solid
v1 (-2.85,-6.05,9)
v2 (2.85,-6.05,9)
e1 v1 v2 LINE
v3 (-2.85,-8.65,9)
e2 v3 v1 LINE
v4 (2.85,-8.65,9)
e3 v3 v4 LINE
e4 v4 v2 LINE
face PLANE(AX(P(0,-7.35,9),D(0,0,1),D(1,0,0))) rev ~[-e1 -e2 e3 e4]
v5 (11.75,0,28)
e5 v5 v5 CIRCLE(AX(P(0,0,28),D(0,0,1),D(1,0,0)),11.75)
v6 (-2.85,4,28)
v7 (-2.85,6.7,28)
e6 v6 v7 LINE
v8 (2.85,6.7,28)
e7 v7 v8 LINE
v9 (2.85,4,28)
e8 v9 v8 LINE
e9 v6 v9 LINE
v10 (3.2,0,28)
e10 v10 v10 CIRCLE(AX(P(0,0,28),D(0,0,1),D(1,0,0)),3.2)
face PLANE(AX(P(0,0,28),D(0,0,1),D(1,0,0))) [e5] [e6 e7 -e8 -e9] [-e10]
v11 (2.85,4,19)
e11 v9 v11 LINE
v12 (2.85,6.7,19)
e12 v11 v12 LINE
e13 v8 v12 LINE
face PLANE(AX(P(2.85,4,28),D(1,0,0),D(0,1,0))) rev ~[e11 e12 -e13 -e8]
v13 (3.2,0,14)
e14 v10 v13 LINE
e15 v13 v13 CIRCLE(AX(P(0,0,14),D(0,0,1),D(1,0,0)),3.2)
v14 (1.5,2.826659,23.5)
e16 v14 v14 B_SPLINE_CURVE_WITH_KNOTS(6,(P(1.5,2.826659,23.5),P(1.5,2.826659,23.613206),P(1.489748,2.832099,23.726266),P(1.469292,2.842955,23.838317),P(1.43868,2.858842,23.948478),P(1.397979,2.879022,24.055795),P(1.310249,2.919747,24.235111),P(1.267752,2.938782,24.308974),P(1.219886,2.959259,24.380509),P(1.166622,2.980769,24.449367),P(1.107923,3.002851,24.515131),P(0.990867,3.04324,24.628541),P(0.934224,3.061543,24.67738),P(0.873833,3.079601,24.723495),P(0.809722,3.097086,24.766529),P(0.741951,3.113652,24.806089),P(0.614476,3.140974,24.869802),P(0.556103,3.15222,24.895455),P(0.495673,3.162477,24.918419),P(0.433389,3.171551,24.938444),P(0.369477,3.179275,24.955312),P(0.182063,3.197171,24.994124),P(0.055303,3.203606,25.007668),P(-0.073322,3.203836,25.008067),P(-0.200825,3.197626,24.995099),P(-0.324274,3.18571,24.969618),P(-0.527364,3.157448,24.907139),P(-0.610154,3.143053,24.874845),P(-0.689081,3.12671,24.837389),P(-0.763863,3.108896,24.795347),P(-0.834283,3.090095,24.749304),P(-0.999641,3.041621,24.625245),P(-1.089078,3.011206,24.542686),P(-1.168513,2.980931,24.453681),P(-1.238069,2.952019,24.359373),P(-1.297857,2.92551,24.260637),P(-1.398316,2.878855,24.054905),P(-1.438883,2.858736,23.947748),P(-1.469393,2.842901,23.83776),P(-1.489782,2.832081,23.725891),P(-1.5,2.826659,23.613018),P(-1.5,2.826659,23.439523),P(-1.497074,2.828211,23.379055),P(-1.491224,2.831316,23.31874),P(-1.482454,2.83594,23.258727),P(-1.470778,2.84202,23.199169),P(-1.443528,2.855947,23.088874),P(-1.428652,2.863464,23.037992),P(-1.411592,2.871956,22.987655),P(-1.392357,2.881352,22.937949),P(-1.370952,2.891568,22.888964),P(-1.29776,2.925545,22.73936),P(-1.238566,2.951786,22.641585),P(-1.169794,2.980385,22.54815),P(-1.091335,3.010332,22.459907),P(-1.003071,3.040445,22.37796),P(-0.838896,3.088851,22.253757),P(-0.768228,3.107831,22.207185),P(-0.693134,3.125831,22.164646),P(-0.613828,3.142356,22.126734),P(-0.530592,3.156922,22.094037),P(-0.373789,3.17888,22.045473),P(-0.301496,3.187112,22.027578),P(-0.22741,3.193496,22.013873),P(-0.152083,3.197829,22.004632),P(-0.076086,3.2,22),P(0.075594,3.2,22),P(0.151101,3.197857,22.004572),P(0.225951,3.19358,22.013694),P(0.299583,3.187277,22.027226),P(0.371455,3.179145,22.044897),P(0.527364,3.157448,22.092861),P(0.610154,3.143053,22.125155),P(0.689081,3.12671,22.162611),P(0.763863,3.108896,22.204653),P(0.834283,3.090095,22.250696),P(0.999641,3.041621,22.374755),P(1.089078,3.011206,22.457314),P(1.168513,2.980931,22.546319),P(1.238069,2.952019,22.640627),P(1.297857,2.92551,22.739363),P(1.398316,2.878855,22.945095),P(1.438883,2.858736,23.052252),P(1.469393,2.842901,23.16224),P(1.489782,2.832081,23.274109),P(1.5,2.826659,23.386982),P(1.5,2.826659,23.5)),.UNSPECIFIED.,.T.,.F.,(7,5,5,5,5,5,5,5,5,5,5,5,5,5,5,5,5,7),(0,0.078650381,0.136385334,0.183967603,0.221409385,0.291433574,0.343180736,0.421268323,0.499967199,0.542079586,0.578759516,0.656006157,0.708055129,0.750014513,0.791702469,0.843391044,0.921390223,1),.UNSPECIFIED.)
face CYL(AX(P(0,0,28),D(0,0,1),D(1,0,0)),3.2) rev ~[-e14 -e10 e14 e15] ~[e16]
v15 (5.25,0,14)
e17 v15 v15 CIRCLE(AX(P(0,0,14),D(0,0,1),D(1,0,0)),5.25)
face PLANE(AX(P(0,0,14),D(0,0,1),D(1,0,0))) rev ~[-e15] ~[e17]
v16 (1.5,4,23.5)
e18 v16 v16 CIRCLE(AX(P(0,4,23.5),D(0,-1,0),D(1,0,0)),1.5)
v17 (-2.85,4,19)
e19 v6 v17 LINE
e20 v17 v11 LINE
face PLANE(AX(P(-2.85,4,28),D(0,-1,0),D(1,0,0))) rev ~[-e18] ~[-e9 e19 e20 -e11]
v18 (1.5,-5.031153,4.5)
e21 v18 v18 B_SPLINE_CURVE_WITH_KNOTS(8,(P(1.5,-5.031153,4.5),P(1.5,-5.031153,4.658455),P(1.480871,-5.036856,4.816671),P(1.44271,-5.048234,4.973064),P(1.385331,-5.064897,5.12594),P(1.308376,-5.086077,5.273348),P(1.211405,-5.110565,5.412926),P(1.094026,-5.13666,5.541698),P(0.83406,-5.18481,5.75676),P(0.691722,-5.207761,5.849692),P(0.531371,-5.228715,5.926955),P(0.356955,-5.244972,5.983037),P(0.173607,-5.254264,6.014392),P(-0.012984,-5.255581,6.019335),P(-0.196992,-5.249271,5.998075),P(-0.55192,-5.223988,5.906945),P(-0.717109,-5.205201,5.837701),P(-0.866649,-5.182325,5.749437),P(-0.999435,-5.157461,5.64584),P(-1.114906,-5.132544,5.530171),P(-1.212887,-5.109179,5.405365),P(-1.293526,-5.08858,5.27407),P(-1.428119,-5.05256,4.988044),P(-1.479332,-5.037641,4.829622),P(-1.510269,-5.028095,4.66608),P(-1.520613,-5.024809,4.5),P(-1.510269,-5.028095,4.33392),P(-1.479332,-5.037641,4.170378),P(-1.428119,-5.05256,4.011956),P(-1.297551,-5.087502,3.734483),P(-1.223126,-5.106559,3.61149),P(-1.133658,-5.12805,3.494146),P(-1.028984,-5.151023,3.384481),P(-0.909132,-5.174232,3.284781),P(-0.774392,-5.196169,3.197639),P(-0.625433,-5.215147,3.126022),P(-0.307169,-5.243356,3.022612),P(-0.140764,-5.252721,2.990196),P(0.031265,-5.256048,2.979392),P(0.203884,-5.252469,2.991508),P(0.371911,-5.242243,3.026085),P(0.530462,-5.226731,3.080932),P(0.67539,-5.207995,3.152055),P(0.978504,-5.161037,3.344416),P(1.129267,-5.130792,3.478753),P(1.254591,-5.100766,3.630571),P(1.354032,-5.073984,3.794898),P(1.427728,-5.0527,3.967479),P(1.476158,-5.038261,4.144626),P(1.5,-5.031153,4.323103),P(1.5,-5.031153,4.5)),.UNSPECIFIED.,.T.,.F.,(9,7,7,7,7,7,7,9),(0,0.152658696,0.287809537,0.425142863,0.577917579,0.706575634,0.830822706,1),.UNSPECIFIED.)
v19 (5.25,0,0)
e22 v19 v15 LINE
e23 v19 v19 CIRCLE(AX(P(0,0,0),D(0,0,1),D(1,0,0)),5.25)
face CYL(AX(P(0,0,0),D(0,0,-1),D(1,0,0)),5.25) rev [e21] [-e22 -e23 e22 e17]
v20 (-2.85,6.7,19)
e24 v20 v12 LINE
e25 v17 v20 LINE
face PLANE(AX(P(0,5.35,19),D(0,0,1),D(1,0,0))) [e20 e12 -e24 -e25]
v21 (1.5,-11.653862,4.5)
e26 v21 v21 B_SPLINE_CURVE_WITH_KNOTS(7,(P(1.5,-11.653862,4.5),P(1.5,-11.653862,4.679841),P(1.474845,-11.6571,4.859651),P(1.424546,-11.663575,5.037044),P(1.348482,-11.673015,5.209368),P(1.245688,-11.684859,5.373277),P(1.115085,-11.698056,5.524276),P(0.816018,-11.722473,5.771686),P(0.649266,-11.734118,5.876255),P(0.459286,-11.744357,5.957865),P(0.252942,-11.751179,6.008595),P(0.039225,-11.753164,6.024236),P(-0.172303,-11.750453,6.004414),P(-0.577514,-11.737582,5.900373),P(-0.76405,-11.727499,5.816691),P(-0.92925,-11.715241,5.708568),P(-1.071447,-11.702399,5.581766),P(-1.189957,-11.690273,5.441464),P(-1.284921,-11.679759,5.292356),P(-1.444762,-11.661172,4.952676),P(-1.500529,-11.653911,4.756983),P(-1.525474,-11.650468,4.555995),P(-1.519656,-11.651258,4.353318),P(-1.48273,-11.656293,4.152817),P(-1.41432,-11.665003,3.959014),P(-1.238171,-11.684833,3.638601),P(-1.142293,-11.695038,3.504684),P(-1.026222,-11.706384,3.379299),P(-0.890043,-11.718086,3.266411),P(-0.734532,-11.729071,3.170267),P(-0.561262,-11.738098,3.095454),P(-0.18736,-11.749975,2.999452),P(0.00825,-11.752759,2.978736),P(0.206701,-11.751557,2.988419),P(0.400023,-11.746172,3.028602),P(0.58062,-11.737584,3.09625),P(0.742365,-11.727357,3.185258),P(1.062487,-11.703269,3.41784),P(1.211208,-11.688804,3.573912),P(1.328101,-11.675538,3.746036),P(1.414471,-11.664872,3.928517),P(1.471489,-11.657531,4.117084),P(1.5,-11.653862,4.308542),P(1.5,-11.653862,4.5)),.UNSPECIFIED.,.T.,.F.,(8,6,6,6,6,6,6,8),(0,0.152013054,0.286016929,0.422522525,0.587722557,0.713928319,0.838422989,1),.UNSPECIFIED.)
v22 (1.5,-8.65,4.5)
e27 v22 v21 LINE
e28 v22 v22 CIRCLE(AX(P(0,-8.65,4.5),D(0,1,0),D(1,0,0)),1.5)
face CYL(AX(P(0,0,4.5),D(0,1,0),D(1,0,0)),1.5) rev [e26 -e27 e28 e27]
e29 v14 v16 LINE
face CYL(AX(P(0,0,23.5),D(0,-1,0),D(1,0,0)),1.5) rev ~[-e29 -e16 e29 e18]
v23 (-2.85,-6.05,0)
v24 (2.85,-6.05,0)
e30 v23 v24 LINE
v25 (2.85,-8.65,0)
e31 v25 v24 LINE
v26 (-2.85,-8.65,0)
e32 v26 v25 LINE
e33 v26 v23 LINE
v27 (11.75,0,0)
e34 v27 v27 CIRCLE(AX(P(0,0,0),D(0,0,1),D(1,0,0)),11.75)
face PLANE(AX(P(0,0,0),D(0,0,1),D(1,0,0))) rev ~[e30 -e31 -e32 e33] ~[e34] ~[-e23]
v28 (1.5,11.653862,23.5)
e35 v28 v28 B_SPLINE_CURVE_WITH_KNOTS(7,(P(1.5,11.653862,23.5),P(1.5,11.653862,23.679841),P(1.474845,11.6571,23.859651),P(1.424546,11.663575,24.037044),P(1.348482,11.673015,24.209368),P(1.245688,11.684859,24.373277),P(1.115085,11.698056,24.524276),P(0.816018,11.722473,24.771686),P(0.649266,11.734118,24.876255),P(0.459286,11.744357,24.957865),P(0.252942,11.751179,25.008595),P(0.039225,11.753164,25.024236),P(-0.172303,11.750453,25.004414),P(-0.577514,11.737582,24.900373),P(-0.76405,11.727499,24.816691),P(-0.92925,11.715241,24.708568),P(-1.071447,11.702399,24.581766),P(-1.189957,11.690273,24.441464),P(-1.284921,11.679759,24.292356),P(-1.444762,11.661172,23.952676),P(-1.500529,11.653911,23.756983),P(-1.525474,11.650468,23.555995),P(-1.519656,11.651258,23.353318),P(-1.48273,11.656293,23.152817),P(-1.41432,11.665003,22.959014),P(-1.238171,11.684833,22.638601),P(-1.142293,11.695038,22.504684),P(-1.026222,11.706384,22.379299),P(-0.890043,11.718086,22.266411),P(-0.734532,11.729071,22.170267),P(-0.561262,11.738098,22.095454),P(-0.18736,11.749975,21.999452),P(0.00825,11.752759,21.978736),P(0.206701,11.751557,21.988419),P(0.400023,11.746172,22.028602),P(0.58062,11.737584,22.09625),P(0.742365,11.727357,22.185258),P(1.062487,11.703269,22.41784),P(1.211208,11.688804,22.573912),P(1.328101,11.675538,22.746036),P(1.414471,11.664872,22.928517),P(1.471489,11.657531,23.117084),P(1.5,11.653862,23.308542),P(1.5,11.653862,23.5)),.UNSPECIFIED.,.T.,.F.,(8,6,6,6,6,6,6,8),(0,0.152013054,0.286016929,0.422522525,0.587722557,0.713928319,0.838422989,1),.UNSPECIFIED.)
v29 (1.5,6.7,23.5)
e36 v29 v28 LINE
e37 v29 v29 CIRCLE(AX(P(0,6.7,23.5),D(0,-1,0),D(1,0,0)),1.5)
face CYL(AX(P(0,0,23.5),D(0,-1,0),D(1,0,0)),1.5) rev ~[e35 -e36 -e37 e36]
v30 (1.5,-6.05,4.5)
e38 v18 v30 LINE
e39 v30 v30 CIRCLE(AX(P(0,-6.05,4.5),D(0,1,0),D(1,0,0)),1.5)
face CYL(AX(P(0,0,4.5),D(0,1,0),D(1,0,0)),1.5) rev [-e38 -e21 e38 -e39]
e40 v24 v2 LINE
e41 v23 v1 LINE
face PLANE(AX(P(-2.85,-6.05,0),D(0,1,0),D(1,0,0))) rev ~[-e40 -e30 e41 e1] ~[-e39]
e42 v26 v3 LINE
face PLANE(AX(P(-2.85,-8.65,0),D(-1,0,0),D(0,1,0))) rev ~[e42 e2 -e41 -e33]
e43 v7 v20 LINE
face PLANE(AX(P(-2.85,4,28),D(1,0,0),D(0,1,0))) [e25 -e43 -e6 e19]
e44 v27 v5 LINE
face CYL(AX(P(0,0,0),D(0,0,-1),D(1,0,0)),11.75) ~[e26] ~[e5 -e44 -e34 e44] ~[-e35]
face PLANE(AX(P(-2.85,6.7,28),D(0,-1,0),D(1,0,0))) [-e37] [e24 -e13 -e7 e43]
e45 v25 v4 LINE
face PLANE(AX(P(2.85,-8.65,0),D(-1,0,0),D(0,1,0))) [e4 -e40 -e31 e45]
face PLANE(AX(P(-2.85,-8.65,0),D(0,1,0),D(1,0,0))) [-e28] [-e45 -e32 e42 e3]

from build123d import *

# Parameters (mm, degrees)
F0_R      = 11.75
F3_DEPTH  = 28
F4_R      = 5.25
F5_DEPTH  = 14
F2_R      = 3.2
F6_DEPTH  = 14
F7_W      = 5.7
F7_H      = 2.7
F8_DEPTH  = 9
F9_W      = 5.7
F9_H      = 2.6
F10_DEPTH = 9
F11_R     = 1.5
F12_DEPTH = 25
F13_R     = 1.5
F14_DEPTH = 25


with BuildPart() as f3:
    # F0 (on Top) → F3 (new body)
    with BuildSketch(Plane.XY):
        Circle(F0_R)
    extrude(amount=F3_DEPTH)

    # F4 (on Top) → F5 (cut)
    with BuildSketch(Plane.XY):
        Circle(F4_R)
    extrude(amount=F5_DEPTH, mode=Mode.SUBTRACT)

    # F2 (on offset) → F6 (cut)
    with BuildSketch(Plane.XY.offset(28)):
        Circle(F2_R)
    extrude(amount=-F6_DEPTH, mode=Mode.SUBTRACT)

    # F7 (on offset) → F8 (cut)
    with BuildSketch(Plane.XY.offset(28)):
        with Locations((0, 5.35)):
            Rectangle(F7_W, F7_H)
    extrude(amount=-F8_DEPTH, mode=Mode.SUBTRACT)

    # F9 (on Top) → F10 (cut)
    with BuildSketch(Plane.XY):
        with Locations((0, -7.35)):
            Rectangle(F9_W, F9_H)
    extrude(amount=F10_DEPTH, mode=Mode.SUBTRACT)

    # F11 (on Front) → F12 (cut)
    with BuildSketch(Plane.XZ):
        with Locations((0, 4.5)):
            Circle(F11_R)
    extrude(amount=F12_DEPTH, mode=Mode.SUBTRACT)

    # F13 (on Front) → F14 (cut)
    with BuildSketch(Plane.XZ):
        with Locations((0, 23.5)):
            Circle(F13_R)
    extrude(amount=-F14_DEPTH, mode=Mode.SUBTRACT)


solid = f3.part
